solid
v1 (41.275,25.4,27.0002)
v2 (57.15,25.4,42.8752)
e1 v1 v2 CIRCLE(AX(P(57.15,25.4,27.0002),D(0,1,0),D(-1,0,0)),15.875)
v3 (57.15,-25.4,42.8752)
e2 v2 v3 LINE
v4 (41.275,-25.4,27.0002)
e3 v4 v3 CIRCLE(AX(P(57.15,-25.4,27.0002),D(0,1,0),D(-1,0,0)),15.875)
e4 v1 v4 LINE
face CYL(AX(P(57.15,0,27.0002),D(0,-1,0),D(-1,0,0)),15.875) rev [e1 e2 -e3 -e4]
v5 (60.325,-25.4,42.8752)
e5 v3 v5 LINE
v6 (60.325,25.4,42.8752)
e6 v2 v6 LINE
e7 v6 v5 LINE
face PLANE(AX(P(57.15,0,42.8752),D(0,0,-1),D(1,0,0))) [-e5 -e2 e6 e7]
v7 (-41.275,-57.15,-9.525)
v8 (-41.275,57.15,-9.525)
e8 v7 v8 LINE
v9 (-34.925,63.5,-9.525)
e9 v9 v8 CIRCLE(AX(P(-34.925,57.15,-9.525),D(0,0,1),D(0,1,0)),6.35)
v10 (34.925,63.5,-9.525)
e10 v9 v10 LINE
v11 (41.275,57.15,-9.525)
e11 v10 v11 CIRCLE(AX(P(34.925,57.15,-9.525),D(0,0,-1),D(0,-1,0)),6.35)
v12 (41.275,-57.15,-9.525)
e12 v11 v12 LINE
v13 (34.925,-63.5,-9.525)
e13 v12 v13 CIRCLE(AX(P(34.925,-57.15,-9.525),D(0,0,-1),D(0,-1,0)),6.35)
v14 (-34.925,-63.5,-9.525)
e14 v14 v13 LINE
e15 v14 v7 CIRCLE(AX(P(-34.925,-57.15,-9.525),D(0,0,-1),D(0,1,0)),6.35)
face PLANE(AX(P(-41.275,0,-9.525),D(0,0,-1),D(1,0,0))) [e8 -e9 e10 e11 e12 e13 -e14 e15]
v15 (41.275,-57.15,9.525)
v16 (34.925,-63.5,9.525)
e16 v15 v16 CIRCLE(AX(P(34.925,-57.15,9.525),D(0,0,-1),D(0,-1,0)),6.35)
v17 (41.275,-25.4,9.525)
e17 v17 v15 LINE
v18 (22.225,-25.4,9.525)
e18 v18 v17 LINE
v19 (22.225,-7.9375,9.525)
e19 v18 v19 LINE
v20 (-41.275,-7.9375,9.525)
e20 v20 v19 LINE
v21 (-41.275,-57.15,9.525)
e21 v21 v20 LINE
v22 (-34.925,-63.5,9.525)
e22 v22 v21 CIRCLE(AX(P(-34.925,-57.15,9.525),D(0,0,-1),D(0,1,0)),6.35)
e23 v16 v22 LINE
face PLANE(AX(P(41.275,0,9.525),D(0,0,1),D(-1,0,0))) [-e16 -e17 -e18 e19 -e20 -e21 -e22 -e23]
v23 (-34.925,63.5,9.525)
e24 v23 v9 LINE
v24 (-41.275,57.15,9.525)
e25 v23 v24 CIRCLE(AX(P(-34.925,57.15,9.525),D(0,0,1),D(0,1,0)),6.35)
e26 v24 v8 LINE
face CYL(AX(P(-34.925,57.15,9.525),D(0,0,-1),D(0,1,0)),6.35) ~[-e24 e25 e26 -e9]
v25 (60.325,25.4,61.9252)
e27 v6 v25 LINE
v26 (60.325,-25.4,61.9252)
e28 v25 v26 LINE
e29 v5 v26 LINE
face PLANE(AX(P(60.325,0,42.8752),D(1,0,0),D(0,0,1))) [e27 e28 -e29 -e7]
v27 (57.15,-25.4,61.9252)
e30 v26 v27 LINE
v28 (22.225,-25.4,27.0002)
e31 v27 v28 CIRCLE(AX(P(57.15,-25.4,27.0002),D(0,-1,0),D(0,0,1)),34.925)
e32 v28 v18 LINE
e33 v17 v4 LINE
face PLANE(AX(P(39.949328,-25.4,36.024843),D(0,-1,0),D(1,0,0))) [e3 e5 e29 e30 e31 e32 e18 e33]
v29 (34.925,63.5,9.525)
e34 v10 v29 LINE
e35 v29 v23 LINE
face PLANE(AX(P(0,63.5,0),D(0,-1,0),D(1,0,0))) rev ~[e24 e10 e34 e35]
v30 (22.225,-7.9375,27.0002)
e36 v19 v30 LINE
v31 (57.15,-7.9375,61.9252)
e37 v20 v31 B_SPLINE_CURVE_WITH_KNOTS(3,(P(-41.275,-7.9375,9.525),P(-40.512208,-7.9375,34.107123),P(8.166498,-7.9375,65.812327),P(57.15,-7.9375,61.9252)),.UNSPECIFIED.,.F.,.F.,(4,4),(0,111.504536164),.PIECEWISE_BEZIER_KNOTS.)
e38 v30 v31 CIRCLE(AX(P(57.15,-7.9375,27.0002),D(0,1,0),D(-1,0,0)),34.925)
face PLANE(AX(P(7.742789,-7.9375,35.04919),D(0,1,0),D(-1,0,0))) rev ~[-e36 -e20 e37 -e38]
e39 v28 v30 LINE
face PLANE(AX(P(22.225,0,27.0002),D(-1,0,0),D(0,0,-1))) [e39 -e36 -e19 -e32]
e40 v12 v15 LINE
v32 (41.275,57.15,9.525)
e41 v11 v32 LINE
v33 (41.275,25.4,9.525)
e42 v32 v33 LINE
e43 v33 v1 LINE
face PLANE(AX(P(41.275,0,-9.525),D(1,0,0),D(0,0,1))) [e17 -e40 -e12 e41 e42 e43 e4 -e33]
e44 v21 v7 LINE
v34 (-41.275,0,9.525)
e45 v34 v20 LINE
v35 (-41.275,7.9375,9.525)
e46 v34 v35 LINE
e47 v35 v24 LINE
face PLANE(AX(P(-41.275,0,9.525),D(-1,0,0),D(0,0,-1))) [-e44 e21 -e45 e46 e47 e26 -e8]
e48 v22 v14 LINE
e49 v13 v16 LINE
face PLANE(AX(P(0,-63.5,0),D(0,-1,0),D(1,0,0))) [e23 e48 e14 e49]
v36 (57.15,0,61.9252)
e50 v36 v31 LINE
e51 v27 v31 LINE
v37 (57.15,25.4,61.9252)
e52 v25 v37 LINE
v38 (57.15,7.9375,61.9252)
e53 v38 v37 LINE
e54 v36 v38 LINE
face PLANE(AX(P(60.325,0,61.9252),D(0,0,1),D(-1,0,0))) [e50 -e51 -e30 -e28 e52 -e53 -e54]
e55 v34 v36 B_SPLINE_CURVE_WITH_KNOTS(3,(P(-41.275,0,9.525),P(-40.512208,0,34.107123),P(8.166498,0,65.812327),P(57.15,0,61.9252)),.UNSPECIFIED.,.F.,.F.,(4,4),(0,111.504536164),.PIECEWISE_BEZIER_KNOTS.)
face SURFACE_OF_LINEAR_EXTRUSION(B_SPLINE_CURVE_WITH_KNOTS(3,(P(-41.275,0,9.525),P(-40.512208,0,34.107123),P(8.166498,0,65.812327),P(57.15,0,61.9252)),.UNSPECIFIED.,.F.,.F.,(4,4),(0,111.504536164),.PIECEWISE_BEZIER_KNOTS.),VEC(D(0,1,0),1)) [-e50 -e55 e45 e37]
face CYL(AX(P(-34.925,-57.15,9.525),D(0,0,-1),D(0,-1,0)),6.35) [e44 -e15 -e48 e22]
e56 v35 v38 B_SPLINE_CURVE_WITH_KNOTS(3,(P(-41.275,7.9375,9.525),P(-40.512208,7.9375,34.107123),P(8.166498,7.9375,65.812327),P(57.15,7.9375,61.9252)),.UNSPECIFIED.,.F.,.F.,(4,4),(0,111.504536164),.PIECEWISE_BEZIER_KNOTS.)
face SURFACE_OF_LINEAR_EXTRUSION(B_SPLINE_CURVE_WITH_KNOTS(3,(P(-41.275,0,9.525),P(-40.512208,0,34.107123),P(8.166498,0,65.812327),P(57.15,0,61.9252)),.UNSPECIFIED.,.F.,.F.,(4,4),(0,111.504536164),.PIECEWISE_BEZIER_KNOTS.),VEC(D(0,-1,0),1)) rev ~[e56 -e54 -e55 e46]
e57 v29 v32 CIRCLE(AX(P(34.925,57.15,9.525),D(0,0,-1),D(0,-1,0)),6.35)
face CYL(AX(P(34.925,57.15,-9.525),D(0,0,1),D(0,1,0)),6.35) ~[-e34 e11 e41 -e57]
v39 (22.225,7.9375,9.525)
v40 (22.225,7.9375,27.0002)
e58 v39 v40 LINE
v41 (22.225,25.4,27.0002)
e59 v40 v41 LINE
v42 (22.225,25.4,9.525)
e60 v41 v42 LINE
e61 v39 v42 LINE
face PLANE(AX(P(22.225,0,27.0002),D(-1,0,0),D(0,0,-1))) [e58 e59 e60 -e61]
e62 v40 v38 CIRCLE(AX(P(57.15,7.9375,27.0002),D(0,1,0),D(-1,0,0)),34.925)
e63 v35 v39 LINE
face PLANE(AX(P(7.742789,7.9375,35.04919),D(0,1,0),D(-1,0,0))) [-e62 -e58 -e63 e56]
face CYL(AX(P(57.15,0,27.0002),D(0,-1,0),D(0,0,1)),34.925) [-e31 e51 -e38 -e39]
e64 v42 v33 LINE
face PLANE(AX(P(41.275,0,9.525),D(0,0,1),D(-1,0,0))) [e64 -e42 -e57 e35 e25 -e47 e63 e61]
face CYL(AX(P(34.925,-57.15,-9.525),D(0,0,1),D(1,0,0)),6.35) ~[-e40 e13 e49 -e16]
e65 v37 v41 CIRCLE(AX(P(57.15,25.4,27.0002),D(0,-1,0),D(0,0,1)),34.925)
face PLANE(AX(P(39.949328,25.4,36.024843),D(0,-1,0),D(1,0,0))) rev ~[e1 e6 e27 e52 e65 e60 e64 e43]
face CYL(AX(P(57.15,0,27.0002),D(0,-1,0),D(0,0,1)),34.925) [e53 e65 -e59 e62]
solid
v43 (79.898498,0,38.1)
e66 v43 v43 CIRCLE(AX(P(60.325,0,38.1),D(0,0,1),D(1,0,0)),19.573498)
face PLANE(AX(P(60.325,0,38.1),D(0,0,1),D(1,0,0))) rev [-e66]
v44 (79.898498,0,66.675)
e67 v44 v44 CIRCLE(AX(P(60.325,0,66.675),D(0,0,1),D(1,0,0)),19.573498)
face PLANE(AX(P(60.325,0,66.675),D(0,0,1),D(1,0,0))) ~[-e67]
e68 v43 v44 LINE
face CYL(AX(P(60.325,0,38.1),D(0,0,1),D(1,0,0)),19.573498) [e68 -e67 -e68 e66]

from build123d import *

# Parameters (mm, degrees)
F1_DEPTH = 63.5
F2_DEPTH = 25.4
F3_DEPTH = 7.9375
F0_W     = 19.5734977533
F0_H     = 19.05
F0_H_2   = 4.7752
F0_H_3   = 4.7498
F5_R     = 6.35


with BuildPart() as f1:
    # F0 (on Front) → F1 (new body, symmetric)
    with BuildSketch(Plane.XZ):
        Polygon((-41.275, -9.525), (41.275, -9.525), (41.275, 9.525), (22.225, 9.525), (-41.275, 9.525), align=None)
    extrude(amount=F1_DEPTH, both=True)

    # F0 (on Front) → F2 (join, symmetric)
    with BuildSketch(Plane.XZ):
        with BuildLine():
            Line((22.225, 9.525), (41.275, 9.525))
            Line((41.275, 9.525), (41.275, 27.0002))
            ThreePointArc((41.275, 27.0002), (45.9246798487, 38.2255201513), (57.15, 42.8752))
            Line((57.15, 42.8752), (60.325, 42.8752))
            Line((60.325, 42.8752), (60.325, 61.9252))
            Line((60.325, 61.9252), (57.15, 61.9252))
            ThreePointArc((57.15, 61.9252), (32.4542956671, 51.6959043329), (22.225, 27.0002))
            Line((22.225, 27.0002), (22.225, 9.525))
        make_face()
    extrude(amount=F2_DEPTH, both=True)

    # F0 (on Front) → F3 (join, symmetric)
    with BuildSketch(Plane.XZ):
        with BuildLine():
            add(Edge.make_bspline(
                [(-41.275, 9.525), (-40.5122078955, 34.1071225703), (8.1664975733, 65.8123269677), (57.15, 61.9252)],
                knots=[0, 0, 0, 0, 111.5045361635, 111.5045361635, 111.5045361635, 111.5045361635], degree=3))
            Line((-41.275, 9.525), (22.225, 9.525))
            Line((22.225, 9.525), (22.225, 27.0002))
            ThreePointArc((22.225, 27.0002), (32.4542956671, 51.6959043329), (57.15, 61.9252))
        make_face()
    extrude(amount=F3_DEPTH, both=True)

    # F5
    f5_edges = [f1.edges().sort_by_distance(p)[0] for p in [
        (41.275, -63.5, 0),
        (41.275, 63.5, 0),
        (-41.275, 63.5, 0),
        (-41.275, -63.5, 0),
    ]]
    fillet(f5_edges, radius=F5_R)


with BuildPart() as f4:
    # F0 (on Front) → F4 (revolve)
    with BuildSketch(Plane.XZ):
        with Locations((70.1117488767, 52.4002)):
            Rectangle(F0_W, F0_H)
        with Locations((70.1117488767, 40.4876)):
            Rectangle(F0_W, F0_H_2)
        with Locations((70.1117488767, 64.3001)):
            Rectangle(F0_W, F0_H_3)
    revolve(axis=Axis((60.325, 0, 52.3875), (0, 0, 1)))


solid = Compound([f1.part, f4.part])
